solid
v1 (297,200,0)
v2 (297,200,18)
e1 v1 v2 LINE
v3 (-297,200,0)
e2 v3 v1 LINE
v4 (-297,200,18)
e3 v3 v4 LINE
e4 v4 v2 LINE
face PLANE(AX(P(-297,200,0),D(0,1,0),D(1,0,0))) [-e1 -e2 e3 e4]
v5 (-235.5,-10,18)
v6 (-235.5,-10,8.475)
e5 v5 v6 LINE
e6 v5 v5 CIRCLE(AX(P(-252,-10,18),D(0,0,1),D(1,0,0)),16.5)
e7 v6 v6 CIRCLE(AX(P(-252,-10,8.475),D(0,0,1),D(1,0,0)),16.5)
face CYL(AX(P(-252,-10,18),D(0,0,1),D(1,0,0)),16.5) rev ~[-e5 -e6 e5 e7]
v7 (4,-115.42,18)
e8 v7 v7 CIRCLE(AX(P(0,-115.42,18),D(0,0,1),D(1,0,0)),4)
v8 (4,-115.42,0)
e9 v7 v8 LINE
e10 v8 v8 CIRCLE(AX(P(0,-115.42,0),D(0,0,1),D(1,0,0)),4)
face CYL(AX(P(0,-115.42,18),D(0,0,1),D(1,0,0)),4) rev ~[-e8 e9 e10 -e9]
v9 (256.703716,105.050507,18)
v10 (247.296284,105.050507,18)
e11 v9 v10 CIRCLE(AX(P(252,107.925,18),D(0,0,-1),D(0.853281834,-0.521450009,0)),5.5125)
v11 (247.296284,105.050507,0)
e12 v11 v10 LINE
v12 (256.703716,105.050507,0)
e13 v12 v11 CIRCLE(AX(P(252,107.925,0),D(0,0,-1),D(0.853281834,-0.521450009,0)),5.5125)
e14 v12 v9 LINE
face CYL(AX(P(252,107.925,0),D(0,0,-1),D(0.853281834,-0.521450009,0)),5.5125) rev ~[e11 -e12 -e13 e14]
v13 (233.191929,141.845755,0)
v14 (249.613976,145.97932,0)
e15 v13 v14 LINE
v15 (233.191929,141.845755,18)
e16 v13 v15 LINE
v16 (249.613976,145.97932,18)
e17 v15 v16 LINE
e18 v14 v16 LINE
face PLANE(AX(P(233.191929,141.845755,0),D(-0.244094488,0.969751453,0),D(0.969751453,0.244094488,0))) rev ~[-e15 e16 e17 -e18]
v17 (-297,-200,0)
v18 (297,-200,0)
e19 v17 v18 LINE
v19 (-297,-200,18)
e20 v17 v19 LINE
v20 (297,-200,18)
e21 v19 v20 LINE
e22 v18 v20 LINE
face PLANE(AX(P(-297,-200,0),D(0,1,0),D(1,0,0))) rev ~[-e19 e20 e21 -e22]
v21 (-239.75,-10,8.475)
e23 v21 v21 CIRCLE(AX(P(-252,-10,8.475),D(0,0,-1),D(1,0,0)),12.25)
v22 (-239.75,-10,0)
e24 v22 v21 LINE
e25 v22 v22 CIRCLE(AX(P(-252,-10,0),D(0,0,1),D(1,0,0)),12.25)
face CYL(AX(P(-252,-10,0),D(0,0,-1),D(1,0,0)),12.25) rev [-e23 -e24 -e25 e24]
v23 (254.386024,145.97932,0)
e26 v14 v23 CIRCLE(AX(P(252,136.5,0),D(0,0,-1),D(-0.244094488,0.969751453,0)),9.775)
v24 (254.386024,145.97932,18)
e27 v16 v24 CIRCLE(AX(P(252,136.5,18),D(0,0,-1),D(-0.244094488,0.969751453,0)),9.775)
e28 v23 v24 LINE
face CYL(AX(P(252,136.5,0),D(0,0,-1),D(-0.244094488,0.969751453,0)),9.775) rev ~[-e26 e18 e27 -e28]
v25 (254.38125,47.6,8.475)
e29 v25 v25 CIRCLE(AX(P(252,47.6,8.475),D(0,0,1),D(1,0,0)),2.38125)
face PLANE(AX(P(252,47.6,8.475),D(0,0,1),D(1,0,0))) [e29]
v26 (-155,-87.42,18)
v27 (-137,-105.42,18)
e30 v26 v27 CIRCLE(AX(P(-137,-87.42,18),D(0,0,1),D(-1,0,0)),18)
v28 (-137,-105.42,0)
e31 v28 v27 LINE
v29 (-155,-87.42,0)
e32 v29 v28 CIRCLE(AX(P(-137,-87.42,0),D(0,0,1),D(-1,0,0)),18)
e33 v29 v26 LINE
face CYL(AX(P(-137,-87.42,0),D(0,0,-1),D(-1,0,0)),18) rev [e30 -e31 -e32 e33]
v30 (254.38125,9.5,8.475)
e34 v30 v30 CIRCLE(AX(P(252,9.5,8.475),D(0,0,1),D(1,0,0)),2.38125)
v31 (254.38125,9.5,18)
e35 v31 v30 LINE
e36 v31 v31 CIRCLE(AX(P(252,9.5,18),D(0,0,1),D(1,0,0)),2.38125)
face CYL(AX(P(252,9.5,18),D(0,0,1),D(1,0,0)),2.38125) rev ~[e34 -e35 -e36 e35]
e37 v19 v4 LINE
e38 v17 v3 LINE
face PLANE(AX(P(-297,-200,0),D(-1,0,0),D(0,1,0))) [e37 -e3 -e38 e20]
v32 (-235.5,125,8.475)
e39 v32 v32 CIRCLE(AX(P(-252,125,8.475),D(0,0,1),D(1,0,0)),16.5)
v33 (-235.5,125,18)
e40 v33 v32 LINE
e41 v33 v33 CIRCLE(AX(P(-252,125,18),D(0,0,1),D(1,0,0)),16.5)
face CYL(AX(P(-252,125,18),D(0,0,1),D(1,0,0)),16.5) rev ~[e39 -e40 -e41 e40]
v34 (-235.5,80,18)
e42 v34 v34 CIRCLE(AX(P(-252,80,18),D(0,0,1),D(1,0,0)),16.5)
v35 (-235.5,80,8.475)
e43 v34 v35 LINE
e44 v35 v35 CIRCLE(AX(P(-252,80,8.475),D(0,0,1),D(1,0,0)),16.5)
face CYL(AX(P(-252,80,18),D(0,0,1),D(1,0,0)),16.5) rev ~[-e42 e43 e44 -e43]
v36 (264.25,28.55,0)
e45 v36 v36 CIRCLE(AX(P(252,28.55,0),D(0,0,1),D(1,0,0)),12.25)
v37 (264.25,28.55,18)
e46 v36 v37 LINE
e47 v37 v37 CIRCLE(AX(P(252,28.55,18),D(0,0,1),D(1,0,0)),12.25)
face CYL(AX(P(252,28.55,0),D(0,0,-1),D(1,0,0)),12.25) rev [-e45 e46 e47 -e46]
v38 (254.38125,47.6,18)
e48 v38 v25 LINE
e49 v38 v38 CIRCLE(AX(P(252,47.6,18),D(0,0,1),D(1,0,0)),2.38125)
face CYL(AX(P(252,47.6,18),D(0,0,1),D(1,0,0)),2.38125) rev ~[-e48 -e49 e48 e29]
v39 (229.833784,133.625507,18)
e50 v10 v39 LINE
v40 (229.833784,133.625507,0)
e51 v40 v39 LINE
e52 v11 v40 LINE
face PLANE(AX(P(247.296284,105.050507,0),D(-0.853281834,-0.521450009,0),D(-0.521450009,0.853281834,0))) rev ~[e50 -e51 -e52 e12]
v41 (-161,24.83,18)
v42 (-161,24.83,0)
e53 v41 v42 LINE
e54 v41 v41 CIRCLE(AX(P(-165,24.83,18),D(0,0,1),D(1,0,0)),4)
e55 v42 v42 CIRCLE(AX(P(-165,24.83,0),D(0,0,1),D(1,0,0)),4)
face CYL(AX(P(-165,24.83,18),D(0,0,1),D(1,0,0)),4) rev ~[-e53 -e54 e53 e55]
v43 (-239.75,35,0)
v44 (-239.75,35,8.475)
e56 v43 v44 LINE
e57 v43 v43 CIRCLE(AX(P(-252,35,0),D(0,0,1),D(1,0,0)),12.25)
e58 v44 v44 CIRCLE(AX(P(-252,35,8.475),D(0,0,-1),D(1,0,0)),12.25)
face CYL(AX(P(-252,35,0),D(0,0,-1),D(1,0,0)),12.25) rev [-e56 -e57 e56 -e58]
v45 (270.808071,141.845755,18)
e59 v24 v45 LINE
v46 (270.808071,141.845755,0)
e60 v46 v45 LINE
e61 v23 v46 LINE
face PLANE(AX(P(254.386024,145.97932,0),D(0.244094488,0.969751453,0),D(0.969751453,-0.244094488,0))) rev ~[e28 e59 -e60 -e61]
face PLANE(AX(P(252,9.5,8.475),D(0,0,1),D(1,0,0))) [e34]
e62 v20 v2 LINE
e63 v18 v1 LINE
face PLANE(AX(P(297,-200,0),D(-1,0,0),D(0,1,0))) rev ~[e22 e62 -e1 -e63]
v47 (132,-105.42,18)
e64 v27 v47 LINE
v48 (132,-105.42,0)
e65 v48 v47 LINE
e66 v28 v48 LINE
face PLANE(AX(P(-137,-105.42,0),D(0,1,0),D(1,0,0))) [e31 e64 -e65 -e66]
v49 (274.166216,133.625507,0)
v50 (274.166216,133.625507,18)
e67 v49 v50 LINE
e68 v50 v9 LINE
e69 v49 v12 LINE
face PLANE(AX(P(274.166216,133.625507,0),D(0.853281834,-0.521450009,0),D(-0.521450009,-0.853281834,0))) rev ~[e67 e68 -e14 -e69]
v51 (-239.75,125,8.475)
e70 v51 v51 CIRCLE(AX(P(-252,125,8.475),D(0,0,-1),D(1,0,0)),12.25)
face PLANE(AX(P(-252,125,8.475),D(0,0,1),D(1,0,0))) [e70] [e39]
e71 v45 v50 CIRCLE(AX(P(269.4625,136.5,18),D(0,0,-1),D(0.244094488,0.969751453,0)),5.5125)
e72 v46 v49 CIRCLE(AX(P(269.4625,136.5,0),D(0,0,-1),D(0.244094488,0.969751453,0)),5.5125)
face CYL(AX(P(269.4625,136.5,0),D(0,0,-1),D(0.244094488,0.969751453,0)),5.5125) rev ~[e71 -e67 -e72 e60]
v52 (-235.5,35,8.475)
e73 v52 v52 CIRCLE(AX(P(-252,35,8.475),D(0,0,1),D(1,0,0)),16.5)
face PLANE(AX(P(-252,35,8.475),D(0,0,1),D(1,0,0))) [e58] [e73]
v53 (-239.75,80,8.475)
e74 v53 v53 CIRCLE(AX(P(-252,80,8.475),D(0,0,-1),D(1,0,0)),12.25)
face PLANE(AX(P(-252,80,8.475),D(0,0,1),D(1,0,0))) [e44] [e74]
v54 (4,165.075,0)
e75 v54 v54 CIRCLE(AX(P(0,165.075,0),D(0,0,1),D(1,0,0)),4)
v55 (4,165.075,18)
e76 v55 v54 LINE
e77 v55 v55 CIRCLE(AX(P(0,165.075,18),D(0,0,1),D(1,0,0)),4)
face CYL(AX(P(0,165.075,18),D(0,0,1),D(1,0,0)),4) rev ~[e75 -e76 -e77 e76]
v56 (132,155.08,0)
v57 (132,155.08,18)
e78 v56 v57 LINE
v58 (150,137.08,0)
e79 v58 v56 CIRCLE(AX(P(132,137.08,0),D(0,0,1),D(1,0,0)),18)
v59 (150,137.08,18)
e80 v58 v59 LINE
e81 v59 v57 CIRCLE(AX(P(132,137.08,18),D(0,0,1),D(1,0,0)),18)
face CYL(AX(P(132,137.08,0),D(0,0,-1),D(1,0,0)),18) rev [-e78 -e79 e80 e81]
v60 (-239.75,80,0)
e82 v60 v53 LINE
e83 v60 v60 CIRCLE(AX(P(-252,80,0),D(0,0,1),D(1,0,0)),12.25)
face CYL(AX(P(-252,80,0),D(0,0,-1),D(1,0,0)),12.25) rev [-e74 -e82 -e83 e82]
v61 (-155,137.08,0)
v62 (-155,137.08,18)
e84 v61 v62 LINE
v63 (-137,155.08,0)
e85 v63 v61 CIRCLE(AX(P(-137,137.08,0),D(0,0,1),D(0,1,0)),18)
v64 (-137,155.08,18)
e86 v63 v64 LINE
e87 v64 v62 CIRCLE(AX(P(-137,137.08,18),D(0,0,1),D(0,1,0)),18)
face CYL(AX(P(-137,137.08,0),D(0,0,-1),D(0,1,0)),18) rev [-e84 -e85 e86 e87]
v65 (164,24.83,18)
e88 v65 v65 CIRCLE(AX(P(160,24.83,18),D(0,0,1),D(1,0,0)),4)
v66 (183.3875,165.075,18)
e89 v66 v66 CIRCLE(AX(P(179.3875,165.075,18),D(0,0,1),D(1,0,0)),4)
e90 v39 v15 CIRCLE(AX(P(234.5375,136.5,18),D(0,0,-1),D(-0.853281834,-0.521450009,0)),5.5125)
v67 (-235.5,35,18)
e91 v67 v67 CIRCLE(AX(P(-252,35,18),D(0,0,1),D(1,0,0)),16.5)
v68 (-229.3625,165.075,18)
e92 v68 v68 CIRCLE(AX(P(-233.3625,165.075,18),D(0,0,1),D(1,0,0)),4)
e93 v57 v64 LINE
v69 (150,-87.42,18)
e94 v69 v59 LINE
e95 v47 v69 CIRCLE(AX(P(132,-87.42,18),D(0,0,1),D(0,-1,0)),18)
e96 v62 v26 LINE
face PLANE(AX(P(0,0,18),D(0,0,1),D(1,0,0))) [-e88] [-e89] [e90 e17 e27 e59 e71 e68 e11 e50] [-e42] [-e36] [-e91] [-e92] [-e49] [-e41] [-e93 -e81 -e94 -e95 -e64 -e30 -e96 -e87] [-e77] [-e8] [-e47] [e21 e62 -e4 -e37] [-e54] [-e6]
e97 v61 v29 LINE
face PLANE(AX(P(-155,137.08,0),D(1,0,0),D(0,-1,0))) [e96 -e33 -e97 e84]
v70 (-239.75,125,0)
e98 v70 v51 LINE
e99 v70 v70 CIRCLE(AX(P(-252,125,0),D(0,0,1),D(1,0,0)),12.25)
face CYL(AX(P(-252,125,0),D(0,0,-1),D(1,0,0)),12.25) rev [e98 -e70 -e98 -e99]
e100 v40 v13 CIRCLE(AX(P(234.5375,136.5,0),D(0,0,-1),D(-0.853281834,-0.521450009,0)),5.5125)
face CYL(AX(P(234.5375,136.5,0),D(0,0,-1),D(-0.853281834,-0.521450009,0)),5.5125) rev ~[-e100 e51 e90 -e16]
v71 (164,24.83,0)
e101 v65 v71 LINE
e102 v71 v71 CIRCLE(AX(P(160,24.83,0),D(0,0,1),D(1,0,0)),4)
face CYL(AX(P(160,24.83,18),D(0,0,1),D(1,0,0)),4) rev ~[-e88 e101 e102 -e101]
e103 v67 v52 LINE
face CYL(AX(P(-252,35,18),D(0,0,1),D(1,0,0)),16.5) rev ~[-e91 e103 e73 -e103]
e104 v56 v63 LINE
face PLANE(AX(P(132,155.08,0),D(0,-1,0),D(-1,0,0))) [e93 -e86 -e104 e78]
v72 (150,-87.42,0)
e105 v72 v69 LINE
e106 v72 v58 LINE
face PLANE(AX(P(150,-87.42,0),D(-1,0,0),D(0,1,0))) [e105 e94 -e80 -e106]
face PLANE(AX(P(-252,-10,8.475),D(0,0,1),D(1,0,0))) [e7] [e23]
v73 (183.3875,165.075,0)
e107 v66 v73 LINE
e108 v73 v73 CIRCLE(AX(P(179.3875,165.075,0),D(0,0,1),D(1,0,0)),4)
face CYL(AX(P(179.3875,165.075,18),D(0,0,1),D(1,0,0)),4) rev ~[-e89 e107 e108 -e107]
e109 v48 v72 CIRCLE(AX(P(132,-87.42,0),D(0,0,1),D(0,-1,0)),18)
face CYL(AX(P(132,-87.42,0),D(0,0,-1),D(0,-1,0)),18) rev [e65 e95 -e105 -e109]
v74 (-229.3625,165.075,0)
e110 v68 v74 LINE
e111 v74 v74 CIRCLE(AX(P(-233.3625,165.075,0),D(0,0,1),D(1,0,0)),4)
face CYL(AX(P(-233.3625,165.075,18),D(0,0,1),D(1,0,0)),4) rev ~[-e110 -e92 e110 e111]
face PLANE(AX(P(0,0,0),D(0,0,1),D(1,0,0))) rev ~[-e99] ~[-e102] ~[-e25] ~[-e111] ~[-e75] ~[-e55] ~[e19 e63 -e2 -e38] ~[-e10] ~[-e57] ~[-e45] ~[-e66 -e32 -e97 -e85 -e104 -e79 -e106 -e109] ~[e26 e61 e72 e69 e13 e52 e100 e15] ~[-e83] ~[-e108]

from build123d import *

# Parameters (mm, degrees)
SKETCH1_W           = 594
SKETCH1_H           = 400
SKETCH1_R           = 12.25
BOSS_EXTRUDE1_DEPTH = 18
SKETCH2_R           = 16.5
CUT_EXTRUDE1_DEPTH  = 9.525
SKETCH3_R           = 4
CUT_EXTRUDE2_DEPTH  = 80
SKETCH4_R           = 2.38125
CUT_EXTRUDE3_DEPTH  = 9.525


with BuildPart() as part:
    # Sketch1 → Boss-Extrude1 (new body)
    with BuildSketch(Plane.XY):
        Rectangle(SKETCH1_W, SKETCH1_H)
        with Locations((252, 28.55)):
            Circle(SKETCH1_R, mode=Mode.SUBTRACT)
        with Locations((-252, 125)):
            Circle(SKETCH1_R, mode=Mode.SUBTRACT)
        with Locations((-252, 80)):
            Circle(SKETCH1_R, mode=Mode.SUBTRACT)
        with Locations((-252, 35)):
            Circle(SKETCH1_R, mode=Mode.SUBTRACT)
        with Locations((-252, -10)):
            Circle(SKETCH1_R, mode=Mode.SUBTRACT)
        with BuildLine():
            Line((-137, -105.42), (132, -105.42))
            ThreePointArc((132, -105.42), (144.727922061, -100.147922061), (150, -87.42))
            Line((150, -87.42), (150, 137.08))
            ThreePointArc((150, 137.08), (144.727922061, 149.807922061), (132, 155.08))
            Line((132, 155.08), (-137, 155.08))
            ThreePointArc((-137, 155.08), (-149.727922061, 149.807922061), (-155, 137.08))
            Line((-155, 137.08), (-155, -87.42))
            ThreePointArc((-155, -87.42), (-149.727922061, -100.147922061), (-137, -105.42))
        make_face(mode=Mode.SUBTRACT)
        with BuildLine():
            Line((254.386023622, 145.979320454), (270.808070866, 141.845754885))
            ThreePointArc((270.808070866, 141.845754885), (274.565595901, 138.584722637), (274.166216108, 133.625506823))
            Line((274.166216108, 133.625506823), (256.703716108, 105.050506823))
            ThreePointArc((256.703716108, 105.050506823), (252, 102.4125), (247.296283892, 105.050506823))
            Line((247.296283892, 105.050506823), (229.833783892, 133.625506823))
            ThreePointArc((229.833783892, 133.625506823), (229.434404099, 138.584722637), (233.191929134, 141.845754885))
            Line((233.191929134, 141.845754885), (249.613976378, 145.979320454))
            ThreePointArc((249.613976378, 145.979320454), (252, 146.275), (254.386023622, 145.979320454))
        make_face(mode=Mode.SUBTRACT)
    extrude(amount=BOSS_EXTRUDE1_DEPTH)

    # Sketch2 → Cut-Extrude1 (cut)
    with BuildSketch(Plane.XY.offset(18)):
        with Locations((-252, 125)):
            Circle(SKETCH2_R)
        with Locations((-252, 80)):
            Circle(SKETCH2_R)
        with Locations((-252, 35)):
            Circle(SKETCH2_R)
        with Locations((-252, -10)):
            Circle(SKETCH2_R)
    extrude(amount=-CUT_EXTRUDE1_DEPTH, mode=Mode.SUBTRACT)

    # Sketch3 → Cut-Extrude2 (cut)
    with BuildSketch(Plane.XY.offset(18)):
        with Locations((0, 165.075)):
            Circle(SKETCH3_R)
        with Locations((-233.3625, 165.075)):
            Circle(SKETCH3_R)
        with Locations((179.3875, 165.075)):
            Circle(SKETCH3_R)
        with Locations((0, -115.42)):
            Circle(SKETCH3_R)
        with Locations((-165, 24.83)):
            Circle(SKETCH3_R)
        with Locations((160, 24.83)):
            Circle(SKETCH3_R)
    extrude(amount=-CUT_EXTRUDE2_DEPTH, mode=Mode.SUBTRACT)

    # Sketch4 → Cut-Extrude3 (cut)
    with BuildSketch(Plane.XY.offset(18)):
        with Locations((252, 47.6)):
            Circle(SKETCH4_R)
        with Locations((252, 9.5)):
            Circle(SKETCH4_R)
    extrude(amount=-CUT_EXTRUDE3_DEPTH, mode=Mode.SUBTRACT)


solid = part.part
